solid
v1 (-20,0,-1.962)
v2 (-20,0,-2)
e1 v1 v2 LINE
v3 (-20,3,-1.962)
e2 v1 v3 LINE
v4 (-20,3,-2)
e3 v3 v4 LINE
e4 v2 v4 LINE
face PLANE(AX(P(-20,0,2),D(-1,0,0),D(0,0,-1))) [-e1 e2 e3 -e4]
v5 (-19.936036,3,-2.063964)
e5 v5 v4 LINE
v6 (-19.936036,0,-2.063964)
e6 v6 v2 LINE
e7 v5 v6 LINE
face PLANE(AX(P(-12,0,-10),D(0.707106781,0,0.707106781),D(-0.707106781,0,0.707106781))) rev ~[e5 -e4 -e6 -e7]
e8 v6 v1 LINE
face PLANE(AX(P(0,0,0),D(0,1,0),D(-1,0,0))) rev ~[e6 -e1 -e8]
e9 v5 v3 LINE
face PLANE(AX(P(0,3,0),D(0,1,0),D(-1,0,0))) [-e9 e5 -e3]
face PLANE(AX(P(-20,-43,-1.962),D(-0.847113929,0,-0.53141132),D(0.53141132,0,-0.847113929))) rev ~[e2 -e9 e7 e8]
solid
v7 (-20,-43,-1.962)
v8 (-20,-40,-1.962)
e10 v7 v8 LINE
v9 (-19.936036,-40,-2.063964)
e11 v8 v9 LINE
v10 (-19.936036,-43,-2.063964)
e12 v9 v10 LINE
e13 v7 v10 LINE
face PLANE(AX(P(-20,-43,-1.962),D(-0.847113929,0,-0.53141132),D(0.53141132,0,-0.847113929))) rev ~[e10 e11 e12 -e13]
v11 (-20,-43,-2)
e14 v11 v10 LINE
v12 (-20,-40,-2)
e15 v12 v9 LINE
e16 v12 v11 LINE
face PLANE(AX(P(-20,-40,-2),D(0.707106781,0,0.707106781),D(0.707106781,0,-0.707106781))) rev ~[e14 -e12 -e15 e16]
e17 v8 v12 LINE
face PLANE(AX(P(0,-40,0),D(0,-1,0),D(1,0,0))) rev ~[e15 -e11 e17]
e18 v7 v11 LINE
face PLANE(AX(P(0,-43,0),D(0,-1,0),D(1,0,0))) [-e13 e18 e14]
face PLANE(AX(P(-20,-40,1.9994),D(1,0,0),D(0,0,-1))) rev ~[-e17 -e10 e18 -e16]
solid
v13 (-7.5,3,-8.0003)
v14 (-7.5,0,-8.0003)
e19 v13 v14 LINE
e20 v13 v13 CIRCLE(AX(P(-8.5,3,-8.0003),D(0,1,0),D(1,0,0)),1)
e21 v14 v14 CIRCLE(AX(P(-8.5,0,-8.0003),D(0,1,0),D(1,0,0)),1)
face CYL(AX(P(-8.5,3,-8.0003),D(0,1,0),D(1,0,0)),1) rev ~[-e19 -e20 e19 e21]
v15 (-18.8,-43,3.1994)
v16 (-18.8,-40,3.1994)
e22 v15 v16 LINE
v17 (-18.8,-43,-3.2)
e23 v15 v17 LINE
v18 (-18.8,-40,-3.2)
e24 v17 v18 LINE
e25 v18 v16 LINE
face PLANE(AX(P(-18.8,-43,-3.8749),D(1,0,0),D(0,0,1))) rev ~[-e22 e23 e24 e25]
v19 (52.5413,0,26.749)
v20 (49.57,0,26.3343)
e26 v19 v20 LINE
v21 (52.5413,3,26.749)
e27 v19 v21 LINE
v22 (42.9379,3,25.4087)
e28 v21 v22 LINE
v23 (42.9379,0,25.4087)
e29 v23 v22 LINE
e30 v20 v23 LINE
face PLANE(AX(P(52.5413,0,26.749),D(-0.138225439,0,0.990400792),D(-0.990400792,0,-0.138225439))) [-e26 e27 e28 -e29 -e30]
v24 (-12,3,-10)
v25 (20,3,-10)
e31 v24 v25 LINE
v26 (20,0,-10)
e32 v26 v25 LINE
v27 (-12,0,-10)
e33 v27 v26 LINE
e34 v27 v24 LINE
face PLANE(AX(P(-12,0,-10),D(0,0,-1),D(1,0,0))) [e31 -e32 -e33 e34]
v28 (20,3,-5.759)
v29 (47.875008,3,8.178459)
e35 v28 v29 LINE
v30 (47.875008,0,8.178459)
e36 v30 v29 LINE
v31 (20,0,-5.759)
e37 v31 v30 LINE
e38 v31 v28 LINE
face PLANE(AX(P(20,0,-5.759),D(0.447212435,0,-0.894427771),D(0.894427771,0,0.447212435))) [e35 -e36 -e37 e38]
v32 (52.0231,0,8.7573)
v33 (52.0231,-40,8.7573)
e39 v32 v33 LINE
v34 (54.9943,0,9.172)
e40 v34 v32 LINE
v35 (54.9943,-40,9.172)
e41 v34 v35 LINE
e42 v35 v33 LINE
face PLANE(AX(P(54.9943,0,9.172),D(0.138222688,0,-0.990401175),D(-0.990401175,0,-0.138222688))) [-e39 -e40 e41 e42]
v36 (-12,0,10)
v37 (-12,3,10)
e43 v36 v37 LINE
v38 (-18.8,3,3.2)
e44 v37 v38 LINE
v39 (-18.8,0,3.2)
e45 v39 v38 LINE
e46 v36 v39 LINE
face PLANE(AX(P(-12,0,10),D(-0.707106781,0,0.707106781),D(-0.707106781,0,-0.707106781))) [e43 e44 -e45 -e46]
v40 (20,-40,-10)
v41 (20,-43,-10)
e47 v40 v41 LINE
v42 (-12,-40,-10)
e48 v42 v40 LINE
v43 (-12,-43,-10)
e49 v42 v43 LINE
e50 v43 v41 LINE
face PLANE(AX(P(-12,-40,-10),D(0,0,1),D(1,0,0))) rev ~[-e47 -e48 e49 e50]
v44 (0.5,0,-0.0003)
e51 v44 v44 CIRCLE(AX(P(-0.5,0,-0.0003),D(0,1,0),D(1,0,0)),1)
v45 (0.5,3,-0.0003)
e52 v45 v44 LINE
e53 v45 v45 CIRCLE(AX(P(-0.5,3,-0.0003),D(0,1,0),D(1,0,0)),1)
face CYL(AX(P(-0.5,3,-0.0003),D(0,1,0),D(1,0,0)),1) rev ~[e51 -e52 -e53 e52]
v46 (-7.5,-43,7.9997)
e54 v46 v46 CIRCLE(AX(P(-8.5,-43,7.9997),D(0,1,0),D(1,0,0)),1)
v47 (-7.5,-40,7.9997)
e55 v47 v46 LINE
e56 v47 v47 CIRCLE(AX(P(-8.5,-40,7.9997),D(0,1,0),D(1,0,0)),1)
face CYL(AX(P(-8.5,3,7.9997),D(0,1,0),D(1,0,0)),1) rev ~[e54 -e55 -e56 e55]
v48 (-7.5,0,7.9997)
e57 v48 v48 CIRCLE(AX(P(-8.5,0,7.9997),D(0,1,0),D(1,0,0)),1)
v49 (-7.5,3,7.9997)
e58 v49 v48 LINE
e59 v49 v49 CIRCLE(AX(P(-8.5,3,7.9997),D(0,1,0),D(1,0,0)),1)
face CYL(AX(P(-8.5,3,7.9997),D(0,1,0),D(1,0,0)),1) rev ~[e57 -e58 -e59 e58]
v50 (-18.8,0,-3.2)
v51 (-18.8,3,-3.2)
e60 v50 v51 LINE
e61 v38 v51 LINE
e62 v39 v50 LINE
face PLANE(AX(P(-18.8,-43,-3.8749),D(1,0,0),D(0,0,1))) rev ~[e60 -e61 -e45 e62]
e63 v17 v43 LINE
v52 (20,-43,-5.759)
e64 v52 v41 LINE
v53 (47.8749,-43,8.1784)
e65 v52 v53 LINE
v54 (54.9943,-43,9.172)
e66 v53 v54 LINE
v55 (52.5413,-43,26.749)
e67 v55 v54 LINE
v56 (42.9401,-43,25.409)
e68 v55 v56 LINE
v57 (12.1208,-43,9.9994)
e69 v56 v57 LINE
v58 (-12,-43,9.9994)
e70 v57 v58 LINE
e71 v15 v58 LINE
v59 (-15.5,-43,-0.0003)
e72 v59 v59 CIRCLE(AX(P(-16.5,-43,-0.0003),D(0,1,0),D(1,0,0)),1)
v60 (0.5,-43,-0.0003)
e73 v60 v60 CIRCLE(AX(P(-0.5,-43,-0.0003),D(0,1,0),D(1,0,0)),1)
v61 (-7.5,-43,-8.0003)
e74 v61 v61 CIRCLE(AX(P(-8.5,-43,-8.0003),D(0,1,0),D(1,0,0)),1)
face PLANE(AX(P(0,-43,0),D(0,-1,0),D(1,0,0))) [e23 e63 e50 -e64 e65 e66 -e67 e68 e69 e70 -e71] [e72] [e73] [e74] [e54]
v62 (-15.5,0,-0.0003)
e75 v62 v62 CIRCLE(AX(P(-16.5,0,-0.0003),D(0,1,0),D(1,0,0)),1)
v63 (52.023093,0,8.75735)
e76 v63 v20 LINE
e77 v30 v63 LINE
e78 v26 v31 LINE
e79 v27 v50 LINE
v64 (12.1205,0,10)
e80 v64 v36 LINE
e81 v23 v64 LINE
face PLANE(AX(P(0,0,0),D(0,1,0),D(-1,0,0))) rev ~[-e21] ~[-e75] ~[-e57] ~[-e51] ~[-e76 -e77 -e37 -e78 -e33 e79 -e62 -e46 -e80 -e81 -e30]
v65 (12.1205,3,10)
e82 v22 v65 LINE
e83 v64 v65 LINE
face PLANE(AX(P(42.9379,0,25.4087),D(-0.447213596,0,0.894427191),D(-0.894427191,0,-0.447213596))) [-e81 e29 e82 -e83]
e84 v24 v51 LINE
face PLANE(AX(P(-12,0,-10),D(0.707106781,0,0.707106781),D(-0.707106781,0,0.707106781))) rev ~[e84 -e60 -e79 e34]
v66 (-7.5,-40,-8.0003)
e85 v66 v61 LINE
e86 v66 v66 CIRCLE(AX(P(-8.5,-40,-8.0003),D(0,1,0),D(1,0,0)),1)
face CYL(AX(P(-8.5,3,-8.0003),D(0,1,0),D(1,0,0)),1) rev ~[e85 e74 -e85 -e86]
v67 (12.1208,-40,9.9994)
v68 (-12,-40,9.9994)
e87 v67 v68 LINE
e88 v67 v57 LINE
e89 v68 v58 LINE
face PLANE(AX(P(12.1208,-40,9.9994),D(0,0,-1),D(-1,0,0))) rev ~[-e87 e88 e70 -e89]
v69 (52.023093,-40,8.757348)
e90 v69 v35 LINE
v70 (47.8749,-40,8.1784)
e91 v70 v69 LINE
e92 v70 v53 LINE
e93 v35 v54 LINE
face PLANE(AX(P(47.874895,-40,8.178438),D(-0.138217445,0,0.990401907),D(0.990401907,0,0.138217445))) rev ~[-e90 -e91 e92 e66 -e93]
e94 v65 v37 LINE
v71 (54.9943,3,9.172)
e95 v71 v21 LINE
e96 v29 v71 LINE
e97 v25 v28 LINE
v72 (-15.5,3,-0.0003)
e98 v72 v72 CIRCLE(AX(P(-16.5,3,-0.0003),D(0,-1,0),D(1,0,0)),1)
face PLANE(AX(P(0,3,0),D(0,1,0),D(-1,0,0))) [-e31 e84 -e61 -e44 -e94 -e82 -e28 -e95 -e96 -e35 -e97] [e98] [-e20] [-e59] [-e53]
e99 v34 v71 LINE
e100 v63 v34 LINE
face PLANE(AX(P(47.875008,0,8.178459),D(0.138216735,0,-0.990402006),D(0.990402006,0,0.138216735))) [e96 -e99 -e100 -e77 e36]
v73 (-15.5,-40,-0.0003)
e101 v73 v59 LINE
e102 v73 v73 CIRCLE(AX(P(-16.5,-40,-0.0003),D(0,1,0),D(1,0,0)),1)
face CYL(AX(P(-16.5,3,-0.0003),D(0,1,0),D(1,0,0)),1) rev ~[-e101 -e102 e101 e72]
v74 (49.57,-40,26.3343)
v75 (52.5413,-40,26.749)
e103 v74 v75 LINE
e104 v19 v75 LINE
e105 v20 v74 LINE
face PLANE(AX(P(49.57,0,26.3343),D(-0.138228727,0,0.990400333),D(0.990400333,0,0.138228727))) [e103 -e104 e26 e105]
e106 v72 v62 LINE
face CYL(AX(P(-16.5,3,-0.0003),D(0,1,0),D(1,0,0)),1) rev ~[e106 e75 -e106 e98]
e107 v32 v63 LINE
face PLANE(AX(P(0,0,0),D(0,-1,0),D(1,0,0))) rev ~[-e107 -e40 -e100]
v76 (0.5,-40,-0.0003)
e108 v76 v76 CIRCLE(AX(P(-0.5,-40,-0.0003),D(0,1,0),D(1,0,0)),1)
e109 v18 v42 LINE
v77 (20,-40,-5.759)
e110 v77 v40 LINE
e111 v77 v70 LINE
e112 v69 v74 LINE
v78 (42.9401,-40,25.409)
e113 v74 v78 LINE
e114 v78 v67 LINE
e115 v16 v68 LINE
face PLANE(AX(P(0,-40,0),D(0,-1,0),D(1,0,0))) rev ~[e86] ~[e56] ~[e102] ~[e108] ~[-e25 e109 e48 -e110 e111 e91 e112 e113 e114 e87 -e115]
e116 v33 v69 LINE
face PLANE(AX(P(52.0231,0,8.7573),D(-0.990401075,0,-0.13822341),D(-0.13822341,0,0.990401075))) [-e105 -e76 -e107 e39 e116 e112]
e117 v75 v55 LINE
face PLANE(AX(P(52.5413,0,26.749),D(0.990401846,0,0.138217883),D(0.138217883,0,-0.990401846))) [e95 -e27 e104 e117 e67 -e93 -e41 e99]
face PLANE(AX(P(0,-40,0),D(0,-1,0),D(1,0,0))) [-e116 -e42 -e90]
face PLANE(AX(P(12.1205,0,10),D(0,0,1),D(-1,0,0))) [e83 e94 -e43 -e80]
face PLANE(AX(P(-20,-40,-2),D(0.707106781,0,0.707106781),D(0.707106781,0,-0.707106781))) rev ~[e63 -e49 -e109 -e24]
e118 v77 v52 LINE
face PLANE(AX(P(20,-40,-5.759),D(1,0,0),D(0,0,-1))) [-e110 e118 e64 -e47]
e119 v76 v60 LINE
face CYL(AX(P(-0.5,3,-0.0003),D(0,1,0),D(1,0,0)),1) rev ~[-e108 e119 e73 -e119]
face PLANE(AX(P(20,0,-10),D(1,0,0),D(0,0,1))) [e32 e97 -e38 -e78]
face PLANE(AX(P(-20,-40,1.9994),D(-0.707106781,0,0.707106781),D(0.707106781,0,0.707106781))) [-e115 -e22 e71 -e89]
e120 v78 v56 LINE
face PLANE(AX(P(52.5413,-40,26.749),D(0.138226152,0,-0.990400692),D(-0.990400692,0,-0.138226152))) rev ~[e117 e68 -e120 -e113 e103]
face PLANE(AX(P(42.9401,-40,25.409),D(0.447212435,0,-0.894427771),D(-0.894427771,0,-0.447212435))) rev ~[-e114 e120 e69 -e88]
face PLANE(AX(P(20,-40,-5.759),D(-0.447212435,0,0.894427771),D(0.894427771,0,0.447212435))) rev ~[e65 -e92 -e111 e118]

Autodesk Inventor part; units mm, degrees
ref_plane "YZ Plane" through (0, 0, 0) normal (1, 0, 0) x (0, 1, 0)
ref_plane "XZ Plane" through (0, 0, 0) normal (0, 1, 0) x (-1, 0, 0)
ref_plane "XY Plane" through (0, 0, 0) normal (0, 0, 1) x (1, 0, 0)
sketch "Sketch1" plane through (0, 0, 0) normal (0, 1, 0) x (-1, 0, 0)
  line L0 (-20, 10) -> (12, 10)
  line L1 (20, 2) -> (20, -2)
  line L2 (12, -10) -> (-20, -10)
  line L3 (-20, -10) -> (-20, 10)
  line L4 (20, -10) -> (-20, 10) construction
  line L5 (20, 10) -> (-20, -10) construction
  line L6 (-12.1205, 10) -> (-20, -5.759)
  line L7 (-20, -5.759) -> (-50.8175, 9.6497)
  line L8 (-50.8175, 9.6497) -> (-42.9379, 25.4087)
  line L9 (-42.9379, 25.4087) -> (-12.1205, 10)
  line L10 (-42.9379, 25.4087) -> (-45.391, 7.8318)
  line L11 (-45.391, 7.8318) -> (-54.9943, 9.172)
  line L12 (-54.9943, 9.172) -> (-52.5413, 26.749)
  line L13 (-52.5413, 26.749) -> (-42.9379, 25.4087)
  line L14 (20, 4) -> (14, 10)
  line L15 (20, -4) -> (14, -10)
  line L16 (12, -10) -> (20, -2)
  line L17 (12, 10) -> (20, 2)
  point P0 (0, 0)
  point P1 (0, 0)
  point P2 (-47.8749, 8.1784)
  point P3 (20, 10)
  dimension "d0" = 40
  dimension "d1" = 20
  dimension "d2" = 6
  dimension "d3" = 6
  dimension "d4" = 6
  dimension "d5" = 6
  dimension "d11" = 161.38
  dimension "d32" = 8
  dimension "d33" = 8
  dimension "d34" = 8
  dimension "d35" = 8
extrude "Extrusion1" add sketch "Sketch1" along normal blind 3
sketch "Sketch2" plane through (0, 0, 0) normal (0, -1, 0) x (1, 0, 0)
  line L0 (54.9943, 9.172) -> (47.8749, 8.1784) projected
  line L1 (54.9943, 9.172) -> (52.0231, 8.7573)
  line L2 (52.0231, 8.7573) -> (49.57, 26.3343)
  line L3 (49.57, 26.3343) -> (52.5413, 26.749)
  line L4 (52.5413, 26.749) -> (54.9943, 9.172)
  point P0 (0, 0)
  dimension "d8" = 3
extrude "Extrusion2" add sketch "Sketch2" along normal blind 40
sketch "Sketch3" plane through (0, -40, 0) normal (0, -1, 0) x (1, 0, 0)
  line L0 (52.5413, 26.749) -> (54.9943, 9.172) projected
  line L1 (54.9943, 9.172) -> (52.5413, 26.749)
  line L2 (52.5413, 26.749) -> (42.9401, 25.409)
  line L3 (42.9401, 25.409) -> (45.3932, 7.8321)
  line L4 (45.3932, 7.8321) -> (54.9943, 9.172)
  line L5 (42.9401, 25.409) -> (12.1208, 9.9994)
  line L6 (12.1208, 9.9994) -> (20, -5.759)
  line L7 (20, -5.759) -> (50.8193, 9.6506)
  line L8 (50.8193, 9.6506) -> (42.9401, 25.409)
  line L9 (47.8749, 8.1784) -> (20, -5.759) projected
  line L10 (20, -5.759) -> (20, -10) projected
  line L11 (20, -10) -> (20, 9.9994)
  line L12 (20, 9.9994) -> (-12, 9.9994)
  line L13 (-20, 1.9994) -> (-20, -2)
  line L14 (-12, -10) -> (20, -10)
  line L15 (-20, -4) -> (-14, -10)
  line L16 (-20, 3.9994) -> (-14, 9.9994)
  line L17 (-20, 1.9994) -> (-12, 9.9994)
  line L18 (-20, -2) -> (-12, -10)
  point P0 (0, 0)
  point P1 (-20, 9.9994)
  point P2 (-20, -10)
  point P3 (47.8749, 8.1784)
  point P4 (-20, 9.9994)
  point P5 (-20, -10)
  dimension "d12" = 40
  dimension "d13" = 6
  dimension "d14" = 6
  dimension "d15" = 6
  dimension "d16" = 6
  dimension "d28" = 8
  dimension "d29" = 8
  dimension "d30" = 8
  dimension "d31" = 8
extrude "Extrusion3" add sketch "Sketch3" along normal blind 3
sketch "Sketch4" plane through (0, 3, 0) normal (0, 1, 0) x (1, 0, 0)
  line L0 (-20, -1.9994) -> (-20, 2) projected
  line L1 (-20, 0.0003) -> (-8.5, 0.0003)
  circle A0 centre (-0.5, 0.0003) radius 1
  circle A1 centre (-8.5, 8.0003) radius 1
  circle A2 centre (-16.5, 0.0003) radius 1
  circle A3 centre (-8.5, -7.9997) radius 1
  point P0 (0, 0)
  point P1 (-20, -3.9994)
  point P2 (-20, 4)
  dimension "d19" = 11.5
  dimension "d20" = 2
  dimension "d21" = 8
  dimension "d24" = 360
extrude "Extrusion4" cut sketch "Sketch4" against normal blind 50
sketch "Sketch7" plane through (0, -43, 0) normal (0, -1, 0) x (1, 0, 0)
  line L0 (-18.8, -3.8749) -> (-18.8, 4.3326)
  line L1 (-20, 2) -> (-12, 10) projected
  line L2 (-18.8, 4.3326) -> (-20, 2)
  line L3 (-20, 2) -> (-20, -1.962)
  line L4 (-20, -1.962) -> (-18.8, -3.8749)
  point P0 (0, 0)
  point P1 (-20, 0.019)
  dimension "d40" = 1.2
extrude "Extrusion6" cut sketch "Sketch7" against normal blind 50
equation "\"d3\" = d2"
equation "\"d4\" = d2"
equation "\"d5\" = d4"
equation "\"d33\" = d32"
equation "\"d34\" = d32"
equation "\"d35\" = d34"
equation "\"d14\" = d13"
equation "\"d15\" = d13"
equation "\"d16\" = d15"
equation "\"d29\" = d28"
equation "\"d30\" = d28"
equation "\"d31\" = d30"
properties part number "leg_part"
